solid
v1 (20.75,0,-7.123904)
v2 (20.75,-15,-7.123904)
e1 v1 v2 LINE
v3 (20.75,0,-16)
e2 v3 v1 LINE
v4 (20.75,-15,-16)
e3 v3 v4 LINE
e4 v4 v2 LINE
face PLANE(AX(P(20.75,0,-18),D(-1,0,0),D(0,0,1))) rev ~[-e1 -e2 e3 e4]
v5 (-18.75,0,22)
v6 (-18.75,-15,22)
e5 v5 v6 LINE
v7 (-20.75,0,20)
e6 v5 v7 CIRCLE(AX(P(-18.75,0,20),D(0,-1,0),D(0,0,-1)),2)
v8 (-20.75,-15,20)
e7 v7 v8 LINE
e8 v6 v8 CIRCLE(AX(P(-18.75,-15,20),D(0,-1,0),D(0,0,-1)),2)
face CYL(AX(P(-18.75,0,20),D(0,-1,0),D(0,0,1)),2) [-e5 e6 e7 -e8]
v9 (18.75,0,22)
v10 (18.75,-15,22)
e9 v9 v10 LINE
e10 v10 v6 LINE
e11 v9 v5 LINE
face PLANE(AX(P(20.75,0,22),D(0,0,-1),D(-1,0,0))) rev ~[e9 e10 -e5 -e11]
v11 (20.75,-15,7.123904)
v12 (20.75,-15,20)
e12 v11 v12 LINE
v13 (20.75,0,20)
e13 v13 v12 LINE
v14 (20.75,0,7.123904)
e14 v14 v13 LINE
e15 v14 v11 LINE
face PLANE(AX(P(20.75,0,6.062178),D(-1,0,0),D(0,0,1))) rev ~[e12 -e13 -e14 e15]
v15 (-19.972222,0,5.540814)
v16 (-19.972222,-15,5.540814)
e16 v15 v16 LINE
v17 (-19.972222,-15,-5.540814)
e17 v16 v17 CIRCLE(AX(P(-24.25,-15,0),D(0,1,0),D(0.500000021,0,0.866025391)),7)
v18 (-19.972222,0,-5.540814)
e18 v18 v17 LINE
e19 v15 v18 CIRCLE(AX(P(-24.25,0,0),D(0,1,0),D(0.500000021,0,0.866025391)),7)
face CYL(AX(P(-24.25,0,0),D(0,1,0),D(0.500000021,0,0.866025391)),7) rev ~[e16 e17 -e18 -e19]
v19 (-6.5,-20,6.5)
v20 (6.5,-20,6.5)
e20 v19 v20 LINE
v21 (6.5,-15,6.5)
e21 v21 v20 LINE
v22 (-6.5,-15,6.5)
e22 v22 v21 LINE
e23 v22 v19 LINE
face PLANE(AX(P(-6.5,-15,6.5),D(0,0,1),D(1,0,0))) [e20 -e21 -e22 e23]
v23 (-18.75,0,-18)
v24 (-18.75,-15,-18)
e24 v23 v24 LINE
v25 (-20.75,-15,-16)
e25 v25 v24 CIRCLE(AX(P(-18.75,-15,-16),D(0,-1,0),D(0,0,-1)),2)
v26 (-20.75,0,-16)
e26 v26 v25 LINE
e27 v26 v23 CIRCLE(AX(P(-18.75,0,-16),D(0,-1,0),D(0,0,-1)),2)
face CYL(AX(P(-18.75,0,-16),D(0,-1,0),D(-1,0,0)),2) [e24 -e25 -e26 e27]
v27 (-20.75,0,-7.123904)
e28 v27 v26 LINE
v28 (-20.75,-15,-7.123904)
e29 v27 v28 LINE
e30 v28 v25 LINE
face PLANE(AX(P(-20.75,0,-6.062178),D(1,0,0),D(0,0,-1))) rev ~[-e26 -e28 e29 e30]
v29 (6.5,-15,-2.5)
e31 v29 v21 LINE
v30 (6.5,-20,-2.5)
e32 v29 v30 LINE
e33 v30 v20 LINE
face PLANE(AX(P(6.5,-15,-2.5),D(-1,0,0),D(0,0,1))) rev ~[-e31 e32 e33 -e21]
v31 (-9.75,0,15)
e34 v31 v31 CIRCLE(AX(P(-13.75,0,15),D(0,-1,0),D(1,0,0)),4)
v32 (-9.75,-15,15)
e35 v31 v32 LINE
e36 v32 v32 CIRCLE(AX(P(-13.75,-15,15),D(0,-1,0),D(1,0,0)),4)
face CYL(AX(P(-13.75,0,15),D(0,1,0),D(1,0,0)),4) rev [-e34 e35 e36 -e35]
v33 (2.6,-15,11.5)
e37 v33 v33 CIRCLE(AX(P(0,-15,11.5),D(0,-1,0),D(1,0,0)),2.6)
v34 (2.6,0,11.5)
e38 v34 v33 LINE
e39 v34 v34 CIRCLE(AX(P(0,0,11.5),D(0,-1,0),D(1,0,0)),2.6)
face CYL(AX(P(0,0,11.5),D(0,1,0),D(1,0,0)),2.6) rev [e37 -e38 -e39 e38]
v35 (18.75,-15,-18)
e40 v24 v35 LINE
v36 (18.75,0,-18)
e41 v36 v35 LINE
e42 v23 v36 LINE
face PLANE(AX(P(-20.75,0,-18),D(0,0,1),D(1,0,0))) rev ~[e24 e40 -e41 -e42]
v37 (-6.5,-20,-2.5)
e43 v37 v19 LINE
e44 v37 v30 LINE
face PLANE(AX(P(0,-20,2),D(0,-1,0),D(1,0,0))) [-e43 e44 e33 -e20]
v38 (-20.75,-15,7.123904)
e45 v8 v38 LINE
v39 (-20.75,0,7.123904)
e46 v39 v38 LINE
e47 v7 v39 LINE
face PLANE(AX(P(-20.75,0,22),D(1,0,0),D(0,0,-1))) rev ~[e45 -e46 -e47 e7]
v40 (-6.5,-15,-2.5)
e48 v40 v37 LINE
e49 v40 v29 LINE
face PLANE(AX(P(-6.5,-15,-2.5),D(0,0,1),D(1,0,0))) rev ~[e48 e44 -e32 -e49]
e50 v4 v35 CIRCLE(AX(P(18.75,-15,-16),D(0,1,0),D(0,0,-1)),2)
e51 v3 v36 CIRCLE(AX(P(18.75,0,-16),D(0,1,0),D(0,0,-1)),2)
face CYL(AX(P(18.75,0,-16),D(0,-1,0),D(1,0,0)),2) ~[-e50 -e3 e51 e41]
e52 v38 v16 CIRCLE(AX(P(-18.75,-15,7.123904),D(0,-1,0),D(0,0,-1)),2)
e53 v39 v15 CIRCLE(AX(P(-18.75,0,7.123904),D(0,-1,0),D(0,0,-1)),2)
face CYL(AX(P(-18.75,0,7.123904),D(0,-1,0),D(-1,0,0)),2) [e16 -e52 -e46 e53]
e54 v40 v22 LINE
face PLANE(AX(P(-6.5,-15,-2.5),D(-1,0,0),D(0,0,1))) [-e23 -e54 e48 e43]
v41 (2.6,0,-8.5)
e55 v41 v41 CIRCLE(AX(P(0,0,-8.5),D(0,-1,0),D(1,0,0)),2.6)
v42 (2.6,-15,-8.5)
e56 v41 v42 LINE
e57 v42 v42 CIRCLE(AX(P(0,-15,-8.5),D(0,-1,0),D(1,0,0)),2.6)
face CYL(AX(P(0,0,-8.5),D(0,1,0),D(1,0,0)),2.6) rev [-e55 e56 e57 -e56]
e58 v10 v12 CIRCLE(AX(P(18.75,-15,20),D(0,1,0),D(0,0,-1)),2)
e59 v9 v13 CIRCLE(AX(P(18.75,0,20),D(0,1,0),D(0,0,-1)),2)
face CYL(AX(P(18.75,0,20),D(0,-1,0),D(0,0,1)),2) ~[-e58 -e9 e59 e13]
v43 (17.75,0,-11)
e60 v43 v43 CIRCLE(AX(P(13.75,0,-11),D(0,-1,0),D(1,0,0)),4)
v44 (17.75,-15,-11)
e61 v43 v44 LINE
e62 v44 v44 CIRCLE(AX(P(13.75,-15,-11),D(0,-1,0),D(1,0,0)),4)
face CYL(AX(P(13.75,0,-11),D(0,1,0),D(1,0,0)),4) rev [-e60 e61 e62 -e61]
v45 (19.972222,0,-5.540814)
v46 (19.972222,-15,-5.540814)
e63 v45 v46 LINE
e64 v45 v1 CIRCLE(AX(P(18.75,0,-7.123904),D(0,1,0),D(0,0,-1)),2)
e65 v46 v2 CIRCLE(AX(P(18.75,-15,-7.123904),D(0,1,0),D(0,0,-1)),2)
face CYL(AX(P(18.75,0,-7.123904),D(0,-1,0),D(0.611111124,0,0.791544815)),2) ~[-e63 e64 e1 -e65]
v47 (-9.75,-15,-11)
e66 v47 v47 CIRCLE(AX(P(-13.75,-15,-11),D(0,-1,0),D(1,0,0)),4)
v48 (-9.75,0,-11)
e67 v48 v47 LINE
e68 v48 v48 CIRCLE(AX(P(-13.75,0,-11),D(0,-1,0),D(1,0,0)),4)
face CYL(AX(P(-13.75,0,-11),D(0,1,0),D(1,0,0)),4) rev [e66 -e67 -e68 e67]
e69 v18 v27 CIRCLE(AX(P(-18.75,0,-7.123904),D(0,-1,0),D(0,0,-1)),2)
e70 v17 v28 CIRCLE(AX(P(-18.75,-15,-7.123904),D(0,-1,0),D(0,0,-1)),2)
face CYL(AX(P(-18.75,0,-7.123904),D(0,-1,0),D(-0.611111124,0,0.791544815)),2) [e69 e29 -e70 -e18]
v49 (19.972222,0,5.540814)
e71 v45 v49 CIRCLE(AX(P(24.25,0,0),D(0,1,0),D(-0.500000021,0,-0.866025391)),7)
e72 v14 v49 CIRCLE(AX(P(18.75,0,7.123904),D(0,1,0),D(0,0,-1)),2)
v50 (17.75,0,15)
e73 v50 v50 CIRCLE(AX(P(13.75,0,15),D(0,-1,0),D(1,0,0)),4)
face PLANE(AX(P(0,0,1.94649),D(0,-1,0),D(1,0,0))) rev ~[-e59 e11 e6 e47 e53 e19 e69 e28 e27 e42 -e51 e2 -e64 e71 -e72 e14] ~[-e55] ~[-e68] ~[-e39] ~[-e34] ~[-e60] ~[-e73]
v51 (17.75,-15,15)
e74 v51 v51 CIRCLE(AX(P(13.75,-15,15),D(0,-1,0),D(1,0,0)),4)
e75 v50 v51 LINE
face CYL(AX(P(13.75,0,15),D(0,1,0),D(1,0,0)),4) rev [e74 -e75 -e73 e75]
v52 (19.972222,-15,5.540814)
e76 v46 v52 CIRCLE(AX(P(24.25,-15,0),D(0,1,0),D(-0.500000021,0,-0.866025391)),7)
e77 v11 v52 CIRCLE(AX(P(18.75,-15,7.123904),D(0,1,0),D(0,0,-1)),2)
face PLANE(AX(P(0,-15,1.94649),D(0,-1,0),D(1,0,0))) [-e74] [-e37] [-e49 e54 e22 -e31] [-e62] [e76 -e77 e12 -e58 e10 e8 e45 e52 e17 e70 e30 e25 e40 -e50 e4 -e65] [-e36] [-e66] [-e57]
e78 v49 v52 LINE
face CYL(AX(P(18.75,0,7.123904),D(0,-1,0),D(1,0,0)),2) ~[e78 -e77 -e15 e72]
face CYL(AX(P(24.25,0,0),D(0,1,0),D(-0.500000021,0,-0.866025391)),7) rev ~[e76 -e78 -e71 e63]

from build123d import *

# Parameters (mm, degrees)
F0_R     = 4
F0_R_2   = 2.6
F1_DEPTH = 15
F2_R     = 2
F3_W     = 13
F3_H     = 9
F4_DEPTH = 5


with BuildPart() as f1:
    # F0 (on Front) → F1 (new body)
    with BuildSketch(Plane.XZ):
        with BuildLine():
            Line((20.75, 22), (-20.75, 22))
            Line((-20.75, 22), (-20.75, 6.062178))
            ThreePointArc((-20.75, 6.062178), (-17.25, 0), (-20.75, -6.062178))
            Line((-20.75, -6.062178), (-20.75, -18))
            Line((-20.75, -18), (20.75, -18))
            Line((20.75, -18), (20.75, -6.062178))
            ThreePointArc((20.75, -6.062178), (17.25, 0), (20.75, 6.062178))
            Line((20.75, 6.062178), (20.75, 22))
        make_face()
        with Locations((-13.75, -11)):
            Circle(F0_R, mode=Mode.SUBTRACT)
        with Locations((0, -8.5)):
            Circle(F0_R_2, mode=Mode.SUBTRACT)
        with Locations((13.75, -11)):
            Circle(F0_R, mode=Mode.SUBTRACT)
        with Locations((-13.75, 15)):
            Circle(F0_R, mode=Mode.SUBTRACT)
        with Locations((0, 11.5)):
            Circle(F0_R_2, mode=Mode.SUBTRACT)
        with Locations((13.75, 15)):
            Circle(F0_R, mode=Mode.SUBTRACT)
    extrude(amount=F1_DEPTH)

    # F2
    f2_edges = [f1.edges().sort_by_distance(p)[0] for p in [
        (-20.75, -7.5, 22),
        (20.75, -7.5, 22),
        (-20.75, -7.5, -18),
        (20.75, -7.5, -18),
        (20.75, -7.5, 6.062178),
        (20.75, -7.5, -6.062178),
        (-20.75, -7.5, 6.062178),
        (-20.75, -7.5, -6.062178),
    ]]
    fillet(f2_edges, radius=F2_R)

    # F3 (on face) → F4 (join)
    with BuildSketch(Plane.XZ.offset(15)):
        with Locations((0, 2)):
            Rectangle(F3_W, F3_H)
    extrude(amount=F4_DEPTH)


solid = f1.part
